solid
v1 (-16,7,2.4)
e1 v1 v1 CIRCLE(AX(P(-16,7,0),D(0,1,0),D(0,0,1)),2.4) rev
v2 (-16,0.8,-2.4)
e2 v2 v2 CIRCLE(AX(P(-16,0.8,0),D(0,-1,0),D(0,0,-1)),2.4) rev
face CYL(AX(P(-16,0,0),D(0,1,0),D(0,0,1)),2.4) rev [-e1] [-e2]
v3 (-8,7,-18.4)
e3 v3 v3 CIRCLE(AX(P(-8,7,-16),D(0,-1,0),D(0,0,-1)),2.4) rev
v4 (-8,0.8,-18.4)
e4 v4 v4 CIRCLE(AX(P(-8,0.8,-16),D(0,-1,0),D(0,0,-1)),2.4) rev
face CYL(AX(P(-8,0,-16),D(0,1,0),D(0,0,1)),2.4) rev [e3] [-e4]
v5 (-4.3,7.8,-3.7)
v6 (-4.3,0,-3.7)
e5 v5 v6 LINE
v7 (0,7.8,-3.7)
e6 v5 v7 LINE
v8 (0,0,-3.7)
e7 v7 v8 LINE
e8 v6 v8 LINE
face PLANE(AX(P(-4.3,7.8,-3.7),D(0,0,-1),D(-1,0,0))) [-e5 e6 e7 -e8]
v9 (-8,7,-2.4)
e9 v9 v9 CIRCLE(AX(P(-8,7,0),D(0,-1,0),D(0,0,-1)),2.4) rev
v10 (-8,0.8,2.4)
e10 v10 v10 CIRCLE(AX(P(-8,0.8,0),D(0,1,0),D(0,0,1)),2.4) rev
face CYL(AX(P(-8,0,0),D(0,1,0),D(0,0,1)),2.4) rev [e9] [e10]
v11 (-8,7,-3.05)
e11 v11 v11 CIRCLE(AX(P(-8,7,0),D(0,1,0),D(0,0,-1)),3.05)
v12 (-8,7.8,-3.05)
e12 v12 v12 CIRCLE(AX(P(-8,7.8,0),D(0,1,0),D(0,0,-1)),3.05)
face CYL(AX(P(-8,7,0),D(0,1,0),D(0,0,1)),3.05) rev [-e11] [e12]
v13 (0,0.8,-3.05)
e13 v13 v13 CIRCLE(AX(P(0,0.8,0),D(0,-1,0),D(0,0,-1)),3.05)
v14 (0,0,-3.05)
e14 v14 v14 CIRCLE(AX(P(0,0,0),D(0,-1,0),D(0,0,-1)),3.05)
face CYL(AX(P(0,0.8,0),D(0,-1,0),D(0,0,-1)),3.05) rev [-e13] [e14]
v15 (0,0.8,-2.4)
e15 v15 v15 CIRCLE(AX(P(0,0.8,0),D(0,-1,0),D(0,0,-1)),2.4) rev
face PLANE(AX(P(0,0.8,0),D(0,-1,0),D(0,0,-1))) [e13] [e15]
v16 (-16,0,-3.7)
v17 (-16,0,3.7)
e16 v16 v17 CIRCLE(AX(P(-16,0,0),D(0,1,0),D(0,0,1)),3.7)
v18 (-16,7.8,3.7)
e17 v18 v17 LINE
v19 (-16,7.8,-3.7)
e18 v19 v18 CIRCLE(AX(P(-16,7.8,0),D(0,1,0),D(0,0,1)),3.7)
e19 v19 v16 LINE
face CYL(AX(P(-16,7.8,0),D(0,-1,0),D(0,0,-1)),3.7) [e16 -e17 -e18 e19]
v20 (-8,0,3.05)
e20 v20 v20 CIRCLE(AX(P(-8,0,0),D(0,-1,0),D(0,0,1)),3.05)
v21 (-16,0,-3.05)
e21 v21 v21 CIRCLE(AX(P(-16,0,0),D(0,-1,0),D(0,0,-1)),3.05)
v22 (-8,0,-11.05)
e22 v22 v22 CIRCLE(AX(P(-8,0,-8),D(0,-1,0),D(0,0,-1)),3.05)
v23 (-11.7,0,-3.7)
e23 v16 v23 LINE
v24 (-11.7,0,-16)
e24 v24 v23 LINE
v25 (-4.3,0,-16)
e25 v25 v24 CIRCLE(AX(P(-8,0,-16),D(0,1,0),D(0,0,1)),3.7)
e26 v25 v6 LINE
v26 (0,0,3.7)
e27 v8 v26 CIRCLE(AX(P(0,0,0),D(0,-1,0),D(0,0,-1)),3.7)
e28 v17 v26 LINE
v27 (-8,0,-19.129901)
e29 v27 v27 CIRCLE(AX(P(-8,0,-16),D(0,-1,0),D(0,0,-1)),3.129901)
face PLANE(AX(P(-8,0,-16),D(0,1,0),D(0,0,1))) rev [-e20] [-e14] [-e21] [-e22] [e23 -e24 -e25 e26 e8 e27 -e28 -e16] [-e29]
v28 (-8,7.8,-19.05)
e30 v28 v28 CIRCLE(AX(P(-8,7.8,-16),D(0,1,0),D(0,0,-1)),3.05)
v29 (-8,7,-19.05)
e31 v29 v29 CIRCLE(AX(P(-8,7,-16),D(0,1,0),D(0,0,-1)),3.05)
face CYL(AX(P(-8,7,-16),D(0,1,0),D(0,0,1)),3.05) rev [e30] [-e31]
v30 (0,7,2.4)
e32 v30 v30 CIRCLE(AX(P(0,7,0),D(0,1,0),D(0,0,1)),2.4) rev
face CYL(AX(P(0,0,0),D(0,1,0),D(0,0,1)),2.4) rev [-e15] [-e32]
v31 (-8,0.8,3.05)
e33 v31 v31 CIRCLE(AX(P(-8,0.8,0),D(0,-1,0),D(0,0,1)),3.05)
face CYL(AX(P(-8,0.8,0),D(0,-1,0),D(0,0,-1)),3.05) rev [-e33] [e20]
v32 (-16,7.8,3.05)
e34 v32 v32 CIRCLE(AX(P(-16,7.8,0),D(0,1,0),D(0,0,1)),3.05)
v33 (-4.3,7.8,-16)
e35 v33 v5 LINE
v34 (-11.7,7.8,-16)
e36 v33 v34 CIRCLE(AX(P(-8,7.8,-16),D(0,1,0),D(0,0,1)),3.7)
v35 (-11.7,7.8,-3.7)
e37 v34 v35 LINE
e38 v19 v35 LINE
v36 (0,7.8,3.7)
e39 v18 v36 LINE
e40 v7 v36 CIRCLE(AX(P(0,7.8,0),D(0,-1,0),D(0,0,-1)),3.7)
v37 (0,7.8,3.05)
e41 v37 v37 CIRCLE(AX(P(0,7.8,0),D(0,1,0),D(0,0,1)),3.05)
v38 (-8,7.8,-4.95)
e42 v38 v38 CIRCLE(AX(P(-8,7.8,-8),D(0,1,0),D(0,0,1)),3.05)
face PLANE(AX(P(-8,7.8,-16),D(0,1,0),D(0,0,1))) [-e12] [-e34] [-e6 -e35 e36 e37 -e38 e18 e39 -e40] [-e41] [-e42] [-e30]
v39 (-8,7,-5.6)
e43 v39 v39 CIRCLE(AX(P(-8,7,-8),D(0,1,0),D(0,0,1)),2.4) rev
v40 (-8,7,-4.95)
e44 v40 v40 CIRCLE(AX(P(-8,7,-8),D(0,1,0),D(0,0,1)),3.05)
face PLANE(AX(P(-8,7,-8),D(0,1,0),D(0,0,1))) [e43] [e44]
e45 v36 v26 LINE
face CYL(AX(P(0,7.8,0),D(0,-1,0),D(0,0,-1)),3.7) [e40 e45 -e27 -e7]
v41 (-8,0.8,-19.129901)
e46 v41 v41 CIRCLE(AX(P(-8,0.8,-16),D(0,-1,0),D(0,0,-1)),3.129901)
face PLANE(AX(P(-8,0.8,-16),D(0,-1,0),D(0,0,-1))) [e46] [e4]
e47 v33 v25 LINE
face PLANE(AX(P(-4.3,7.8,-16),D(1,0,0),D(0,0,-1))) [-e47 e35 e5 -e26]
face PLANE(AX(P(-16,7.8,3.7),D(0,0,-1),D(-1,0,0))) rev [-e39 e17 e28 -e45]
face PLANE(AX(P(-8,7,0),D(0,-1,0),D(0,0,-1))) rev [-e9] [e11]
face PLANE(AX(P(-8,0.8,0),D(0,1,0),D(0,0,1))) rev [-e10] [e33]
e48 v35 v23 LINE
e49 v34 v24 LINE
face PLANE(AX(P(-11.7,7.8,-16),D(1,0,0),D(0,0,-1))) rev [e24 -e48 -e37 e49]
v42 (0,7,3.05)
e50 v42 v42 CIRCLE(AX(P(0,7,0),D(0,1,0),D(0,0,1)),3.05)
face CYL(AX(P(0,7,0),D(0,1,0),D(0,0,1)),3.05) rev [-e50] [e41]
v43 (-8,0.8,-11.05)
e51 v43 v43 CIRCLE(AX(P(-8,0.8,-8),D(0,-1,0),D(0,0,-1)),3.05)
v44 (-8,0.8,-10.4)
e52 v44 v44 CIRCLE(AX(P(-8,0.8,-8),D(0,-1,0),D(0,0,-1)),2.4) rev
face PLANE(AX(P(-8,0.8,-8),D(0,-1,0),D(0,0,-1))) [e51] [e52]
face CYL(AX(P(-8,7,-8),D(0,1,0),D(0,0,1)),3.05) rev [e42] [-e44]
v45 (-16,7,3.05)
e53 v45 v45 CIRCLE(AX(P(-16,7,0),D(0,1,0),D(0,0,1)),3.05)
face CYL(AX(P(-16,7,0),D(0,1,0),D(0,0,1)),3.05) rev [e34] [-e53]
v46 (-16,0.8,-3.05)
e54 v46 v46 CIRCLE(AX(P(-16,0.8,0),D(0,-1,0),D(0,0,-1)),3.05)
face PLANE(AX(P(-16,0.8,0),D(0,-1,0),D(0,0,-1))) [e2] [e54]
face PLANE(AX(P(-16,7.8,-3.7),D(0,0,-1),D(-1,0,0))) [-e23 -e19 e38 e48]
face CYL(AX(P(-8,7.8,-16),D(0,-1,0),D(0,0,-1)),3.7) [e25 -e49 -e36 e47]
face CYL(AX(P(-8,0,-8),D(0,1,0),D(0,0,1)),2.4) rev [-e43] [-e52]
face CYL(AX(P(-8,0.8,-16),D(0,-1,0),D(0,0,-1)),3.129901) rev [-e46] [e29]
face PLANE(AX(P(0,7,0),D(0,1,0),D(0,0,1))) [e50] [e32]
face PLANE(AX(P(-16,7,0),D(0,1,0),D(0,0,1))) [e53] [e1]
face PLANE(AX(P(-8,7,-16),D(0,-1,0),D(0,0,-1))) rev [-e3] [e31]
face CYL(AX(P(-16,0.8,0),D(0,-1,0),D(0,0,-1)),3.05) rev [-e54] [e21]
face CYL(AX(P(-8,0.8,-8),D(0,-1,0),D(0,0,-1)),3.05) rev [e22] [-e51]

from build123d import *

# Parameters (mm, degrees)
BOSS_EXTRUDE3_DEPTH = 7.8
SKETCH2_R           = 2.4
CUT_EXTRUDE1_DEPTH  = 7.8
SKETCH3_R           = 3.05
CUT_EXTRUDE2_DEPTH  = 0.8
SKETCH4_R           = 3.05
SKETCH4_R_2         = 3.129900969
CUT_EXTRUDE3_DEPTH  = 0.8


with BuildPart() as part:
    # Sketch1 → Boss-Extrude3 (new body)
    with BuildSketch(Plane(origin=(0, 0, 0), x_dir=(1, 0, 0), z_dir=(0, 1, 0))):
        with BuildLine():
            Line((-16, -3.7), (0, -3.7))
            ThreePointArc((0, -3.7), (3.7, 0), (0, 3.7))
            Line((0, 3.7), (-4.3, 3.7))
            Line((-4.3, 3.7), (-4.3, 16))
            ThreePointArc((-4.3, 16), (-8, 19.7), (-11.7, 16))
            Line((-11.7, 16), (-11.7, 3.7))
            Line((-11.7, 3.7), (-16, 3.7))
            ThreePointArc((-16, 3.7), (-19.7, 0), (-16, -3.7))
        make_face()
    extrude(amount=BOSS_EXTRUDE3_DEPTH)

    # Sketch2 → Cut-Extrude1 (cut)
    with BuildSketch(Plane(origin=(0, 7.8, 0), x_dir=(1, 0, 0), z_dir=(0, 1, 0))):
        Circle(SKETCH2_R)
        with Locations((-16, 0)):
            Circle(SKETCH2_R)
        with Locations((-8, 0)):
            Circle(SKETCH2_R)
        with Locations((-8, 8)):
            Circle(SKETCH2_R)
        with Locations((-8, 16)):
            Circle(SKETCH2_R)
    extrude(amount=-CUT_EXTRUDE1_DEPTH, mode=Mode.SUBTRACT)

    # Sketch3 → Cut-Extrude2 (cut)
    with BuildSketch(Plane(origin=(0, 7.8, 0), x_dir=(1, 0, 0), z_dir=(0, 1, 0))):
        Circle(SKETCH3_R)
        with Locations((-16, 0)):
            Circle(SKETCH3_R)
        with Locations((-8, 0)):
            Circle(SKETCH3_R)
        with Locations((-8, 8)):
            Circle(SKETCH3_R)
        with Locations((-8, 16)):
            Circle(SKETCH3_R)
    extrude(amount=-CUT_EXTRUDE2_DEPTH, mode=Mode.SUBTRACT)

    # Sketch4 → Cut-Extrude3 (cut)
    with BuildSketch(Plane.XZ):
        Circle(SKETCH4_R)
        with Locations((-16, 0)):
            Circle(SKETCH4_R)
        with Locations((-8, 0)):
            Circle(SKETCH4_R)
        with Locations((-8, -16)):
            Circle(SKETCH4_R_2)
        with Locations((-8, -8)):
            Circle(SKETCH4_R)
    extrude(amount=-CUT_EXTRUDE3_DEPTH, mode=Mode.SUBTRACT)


solid = part.part
